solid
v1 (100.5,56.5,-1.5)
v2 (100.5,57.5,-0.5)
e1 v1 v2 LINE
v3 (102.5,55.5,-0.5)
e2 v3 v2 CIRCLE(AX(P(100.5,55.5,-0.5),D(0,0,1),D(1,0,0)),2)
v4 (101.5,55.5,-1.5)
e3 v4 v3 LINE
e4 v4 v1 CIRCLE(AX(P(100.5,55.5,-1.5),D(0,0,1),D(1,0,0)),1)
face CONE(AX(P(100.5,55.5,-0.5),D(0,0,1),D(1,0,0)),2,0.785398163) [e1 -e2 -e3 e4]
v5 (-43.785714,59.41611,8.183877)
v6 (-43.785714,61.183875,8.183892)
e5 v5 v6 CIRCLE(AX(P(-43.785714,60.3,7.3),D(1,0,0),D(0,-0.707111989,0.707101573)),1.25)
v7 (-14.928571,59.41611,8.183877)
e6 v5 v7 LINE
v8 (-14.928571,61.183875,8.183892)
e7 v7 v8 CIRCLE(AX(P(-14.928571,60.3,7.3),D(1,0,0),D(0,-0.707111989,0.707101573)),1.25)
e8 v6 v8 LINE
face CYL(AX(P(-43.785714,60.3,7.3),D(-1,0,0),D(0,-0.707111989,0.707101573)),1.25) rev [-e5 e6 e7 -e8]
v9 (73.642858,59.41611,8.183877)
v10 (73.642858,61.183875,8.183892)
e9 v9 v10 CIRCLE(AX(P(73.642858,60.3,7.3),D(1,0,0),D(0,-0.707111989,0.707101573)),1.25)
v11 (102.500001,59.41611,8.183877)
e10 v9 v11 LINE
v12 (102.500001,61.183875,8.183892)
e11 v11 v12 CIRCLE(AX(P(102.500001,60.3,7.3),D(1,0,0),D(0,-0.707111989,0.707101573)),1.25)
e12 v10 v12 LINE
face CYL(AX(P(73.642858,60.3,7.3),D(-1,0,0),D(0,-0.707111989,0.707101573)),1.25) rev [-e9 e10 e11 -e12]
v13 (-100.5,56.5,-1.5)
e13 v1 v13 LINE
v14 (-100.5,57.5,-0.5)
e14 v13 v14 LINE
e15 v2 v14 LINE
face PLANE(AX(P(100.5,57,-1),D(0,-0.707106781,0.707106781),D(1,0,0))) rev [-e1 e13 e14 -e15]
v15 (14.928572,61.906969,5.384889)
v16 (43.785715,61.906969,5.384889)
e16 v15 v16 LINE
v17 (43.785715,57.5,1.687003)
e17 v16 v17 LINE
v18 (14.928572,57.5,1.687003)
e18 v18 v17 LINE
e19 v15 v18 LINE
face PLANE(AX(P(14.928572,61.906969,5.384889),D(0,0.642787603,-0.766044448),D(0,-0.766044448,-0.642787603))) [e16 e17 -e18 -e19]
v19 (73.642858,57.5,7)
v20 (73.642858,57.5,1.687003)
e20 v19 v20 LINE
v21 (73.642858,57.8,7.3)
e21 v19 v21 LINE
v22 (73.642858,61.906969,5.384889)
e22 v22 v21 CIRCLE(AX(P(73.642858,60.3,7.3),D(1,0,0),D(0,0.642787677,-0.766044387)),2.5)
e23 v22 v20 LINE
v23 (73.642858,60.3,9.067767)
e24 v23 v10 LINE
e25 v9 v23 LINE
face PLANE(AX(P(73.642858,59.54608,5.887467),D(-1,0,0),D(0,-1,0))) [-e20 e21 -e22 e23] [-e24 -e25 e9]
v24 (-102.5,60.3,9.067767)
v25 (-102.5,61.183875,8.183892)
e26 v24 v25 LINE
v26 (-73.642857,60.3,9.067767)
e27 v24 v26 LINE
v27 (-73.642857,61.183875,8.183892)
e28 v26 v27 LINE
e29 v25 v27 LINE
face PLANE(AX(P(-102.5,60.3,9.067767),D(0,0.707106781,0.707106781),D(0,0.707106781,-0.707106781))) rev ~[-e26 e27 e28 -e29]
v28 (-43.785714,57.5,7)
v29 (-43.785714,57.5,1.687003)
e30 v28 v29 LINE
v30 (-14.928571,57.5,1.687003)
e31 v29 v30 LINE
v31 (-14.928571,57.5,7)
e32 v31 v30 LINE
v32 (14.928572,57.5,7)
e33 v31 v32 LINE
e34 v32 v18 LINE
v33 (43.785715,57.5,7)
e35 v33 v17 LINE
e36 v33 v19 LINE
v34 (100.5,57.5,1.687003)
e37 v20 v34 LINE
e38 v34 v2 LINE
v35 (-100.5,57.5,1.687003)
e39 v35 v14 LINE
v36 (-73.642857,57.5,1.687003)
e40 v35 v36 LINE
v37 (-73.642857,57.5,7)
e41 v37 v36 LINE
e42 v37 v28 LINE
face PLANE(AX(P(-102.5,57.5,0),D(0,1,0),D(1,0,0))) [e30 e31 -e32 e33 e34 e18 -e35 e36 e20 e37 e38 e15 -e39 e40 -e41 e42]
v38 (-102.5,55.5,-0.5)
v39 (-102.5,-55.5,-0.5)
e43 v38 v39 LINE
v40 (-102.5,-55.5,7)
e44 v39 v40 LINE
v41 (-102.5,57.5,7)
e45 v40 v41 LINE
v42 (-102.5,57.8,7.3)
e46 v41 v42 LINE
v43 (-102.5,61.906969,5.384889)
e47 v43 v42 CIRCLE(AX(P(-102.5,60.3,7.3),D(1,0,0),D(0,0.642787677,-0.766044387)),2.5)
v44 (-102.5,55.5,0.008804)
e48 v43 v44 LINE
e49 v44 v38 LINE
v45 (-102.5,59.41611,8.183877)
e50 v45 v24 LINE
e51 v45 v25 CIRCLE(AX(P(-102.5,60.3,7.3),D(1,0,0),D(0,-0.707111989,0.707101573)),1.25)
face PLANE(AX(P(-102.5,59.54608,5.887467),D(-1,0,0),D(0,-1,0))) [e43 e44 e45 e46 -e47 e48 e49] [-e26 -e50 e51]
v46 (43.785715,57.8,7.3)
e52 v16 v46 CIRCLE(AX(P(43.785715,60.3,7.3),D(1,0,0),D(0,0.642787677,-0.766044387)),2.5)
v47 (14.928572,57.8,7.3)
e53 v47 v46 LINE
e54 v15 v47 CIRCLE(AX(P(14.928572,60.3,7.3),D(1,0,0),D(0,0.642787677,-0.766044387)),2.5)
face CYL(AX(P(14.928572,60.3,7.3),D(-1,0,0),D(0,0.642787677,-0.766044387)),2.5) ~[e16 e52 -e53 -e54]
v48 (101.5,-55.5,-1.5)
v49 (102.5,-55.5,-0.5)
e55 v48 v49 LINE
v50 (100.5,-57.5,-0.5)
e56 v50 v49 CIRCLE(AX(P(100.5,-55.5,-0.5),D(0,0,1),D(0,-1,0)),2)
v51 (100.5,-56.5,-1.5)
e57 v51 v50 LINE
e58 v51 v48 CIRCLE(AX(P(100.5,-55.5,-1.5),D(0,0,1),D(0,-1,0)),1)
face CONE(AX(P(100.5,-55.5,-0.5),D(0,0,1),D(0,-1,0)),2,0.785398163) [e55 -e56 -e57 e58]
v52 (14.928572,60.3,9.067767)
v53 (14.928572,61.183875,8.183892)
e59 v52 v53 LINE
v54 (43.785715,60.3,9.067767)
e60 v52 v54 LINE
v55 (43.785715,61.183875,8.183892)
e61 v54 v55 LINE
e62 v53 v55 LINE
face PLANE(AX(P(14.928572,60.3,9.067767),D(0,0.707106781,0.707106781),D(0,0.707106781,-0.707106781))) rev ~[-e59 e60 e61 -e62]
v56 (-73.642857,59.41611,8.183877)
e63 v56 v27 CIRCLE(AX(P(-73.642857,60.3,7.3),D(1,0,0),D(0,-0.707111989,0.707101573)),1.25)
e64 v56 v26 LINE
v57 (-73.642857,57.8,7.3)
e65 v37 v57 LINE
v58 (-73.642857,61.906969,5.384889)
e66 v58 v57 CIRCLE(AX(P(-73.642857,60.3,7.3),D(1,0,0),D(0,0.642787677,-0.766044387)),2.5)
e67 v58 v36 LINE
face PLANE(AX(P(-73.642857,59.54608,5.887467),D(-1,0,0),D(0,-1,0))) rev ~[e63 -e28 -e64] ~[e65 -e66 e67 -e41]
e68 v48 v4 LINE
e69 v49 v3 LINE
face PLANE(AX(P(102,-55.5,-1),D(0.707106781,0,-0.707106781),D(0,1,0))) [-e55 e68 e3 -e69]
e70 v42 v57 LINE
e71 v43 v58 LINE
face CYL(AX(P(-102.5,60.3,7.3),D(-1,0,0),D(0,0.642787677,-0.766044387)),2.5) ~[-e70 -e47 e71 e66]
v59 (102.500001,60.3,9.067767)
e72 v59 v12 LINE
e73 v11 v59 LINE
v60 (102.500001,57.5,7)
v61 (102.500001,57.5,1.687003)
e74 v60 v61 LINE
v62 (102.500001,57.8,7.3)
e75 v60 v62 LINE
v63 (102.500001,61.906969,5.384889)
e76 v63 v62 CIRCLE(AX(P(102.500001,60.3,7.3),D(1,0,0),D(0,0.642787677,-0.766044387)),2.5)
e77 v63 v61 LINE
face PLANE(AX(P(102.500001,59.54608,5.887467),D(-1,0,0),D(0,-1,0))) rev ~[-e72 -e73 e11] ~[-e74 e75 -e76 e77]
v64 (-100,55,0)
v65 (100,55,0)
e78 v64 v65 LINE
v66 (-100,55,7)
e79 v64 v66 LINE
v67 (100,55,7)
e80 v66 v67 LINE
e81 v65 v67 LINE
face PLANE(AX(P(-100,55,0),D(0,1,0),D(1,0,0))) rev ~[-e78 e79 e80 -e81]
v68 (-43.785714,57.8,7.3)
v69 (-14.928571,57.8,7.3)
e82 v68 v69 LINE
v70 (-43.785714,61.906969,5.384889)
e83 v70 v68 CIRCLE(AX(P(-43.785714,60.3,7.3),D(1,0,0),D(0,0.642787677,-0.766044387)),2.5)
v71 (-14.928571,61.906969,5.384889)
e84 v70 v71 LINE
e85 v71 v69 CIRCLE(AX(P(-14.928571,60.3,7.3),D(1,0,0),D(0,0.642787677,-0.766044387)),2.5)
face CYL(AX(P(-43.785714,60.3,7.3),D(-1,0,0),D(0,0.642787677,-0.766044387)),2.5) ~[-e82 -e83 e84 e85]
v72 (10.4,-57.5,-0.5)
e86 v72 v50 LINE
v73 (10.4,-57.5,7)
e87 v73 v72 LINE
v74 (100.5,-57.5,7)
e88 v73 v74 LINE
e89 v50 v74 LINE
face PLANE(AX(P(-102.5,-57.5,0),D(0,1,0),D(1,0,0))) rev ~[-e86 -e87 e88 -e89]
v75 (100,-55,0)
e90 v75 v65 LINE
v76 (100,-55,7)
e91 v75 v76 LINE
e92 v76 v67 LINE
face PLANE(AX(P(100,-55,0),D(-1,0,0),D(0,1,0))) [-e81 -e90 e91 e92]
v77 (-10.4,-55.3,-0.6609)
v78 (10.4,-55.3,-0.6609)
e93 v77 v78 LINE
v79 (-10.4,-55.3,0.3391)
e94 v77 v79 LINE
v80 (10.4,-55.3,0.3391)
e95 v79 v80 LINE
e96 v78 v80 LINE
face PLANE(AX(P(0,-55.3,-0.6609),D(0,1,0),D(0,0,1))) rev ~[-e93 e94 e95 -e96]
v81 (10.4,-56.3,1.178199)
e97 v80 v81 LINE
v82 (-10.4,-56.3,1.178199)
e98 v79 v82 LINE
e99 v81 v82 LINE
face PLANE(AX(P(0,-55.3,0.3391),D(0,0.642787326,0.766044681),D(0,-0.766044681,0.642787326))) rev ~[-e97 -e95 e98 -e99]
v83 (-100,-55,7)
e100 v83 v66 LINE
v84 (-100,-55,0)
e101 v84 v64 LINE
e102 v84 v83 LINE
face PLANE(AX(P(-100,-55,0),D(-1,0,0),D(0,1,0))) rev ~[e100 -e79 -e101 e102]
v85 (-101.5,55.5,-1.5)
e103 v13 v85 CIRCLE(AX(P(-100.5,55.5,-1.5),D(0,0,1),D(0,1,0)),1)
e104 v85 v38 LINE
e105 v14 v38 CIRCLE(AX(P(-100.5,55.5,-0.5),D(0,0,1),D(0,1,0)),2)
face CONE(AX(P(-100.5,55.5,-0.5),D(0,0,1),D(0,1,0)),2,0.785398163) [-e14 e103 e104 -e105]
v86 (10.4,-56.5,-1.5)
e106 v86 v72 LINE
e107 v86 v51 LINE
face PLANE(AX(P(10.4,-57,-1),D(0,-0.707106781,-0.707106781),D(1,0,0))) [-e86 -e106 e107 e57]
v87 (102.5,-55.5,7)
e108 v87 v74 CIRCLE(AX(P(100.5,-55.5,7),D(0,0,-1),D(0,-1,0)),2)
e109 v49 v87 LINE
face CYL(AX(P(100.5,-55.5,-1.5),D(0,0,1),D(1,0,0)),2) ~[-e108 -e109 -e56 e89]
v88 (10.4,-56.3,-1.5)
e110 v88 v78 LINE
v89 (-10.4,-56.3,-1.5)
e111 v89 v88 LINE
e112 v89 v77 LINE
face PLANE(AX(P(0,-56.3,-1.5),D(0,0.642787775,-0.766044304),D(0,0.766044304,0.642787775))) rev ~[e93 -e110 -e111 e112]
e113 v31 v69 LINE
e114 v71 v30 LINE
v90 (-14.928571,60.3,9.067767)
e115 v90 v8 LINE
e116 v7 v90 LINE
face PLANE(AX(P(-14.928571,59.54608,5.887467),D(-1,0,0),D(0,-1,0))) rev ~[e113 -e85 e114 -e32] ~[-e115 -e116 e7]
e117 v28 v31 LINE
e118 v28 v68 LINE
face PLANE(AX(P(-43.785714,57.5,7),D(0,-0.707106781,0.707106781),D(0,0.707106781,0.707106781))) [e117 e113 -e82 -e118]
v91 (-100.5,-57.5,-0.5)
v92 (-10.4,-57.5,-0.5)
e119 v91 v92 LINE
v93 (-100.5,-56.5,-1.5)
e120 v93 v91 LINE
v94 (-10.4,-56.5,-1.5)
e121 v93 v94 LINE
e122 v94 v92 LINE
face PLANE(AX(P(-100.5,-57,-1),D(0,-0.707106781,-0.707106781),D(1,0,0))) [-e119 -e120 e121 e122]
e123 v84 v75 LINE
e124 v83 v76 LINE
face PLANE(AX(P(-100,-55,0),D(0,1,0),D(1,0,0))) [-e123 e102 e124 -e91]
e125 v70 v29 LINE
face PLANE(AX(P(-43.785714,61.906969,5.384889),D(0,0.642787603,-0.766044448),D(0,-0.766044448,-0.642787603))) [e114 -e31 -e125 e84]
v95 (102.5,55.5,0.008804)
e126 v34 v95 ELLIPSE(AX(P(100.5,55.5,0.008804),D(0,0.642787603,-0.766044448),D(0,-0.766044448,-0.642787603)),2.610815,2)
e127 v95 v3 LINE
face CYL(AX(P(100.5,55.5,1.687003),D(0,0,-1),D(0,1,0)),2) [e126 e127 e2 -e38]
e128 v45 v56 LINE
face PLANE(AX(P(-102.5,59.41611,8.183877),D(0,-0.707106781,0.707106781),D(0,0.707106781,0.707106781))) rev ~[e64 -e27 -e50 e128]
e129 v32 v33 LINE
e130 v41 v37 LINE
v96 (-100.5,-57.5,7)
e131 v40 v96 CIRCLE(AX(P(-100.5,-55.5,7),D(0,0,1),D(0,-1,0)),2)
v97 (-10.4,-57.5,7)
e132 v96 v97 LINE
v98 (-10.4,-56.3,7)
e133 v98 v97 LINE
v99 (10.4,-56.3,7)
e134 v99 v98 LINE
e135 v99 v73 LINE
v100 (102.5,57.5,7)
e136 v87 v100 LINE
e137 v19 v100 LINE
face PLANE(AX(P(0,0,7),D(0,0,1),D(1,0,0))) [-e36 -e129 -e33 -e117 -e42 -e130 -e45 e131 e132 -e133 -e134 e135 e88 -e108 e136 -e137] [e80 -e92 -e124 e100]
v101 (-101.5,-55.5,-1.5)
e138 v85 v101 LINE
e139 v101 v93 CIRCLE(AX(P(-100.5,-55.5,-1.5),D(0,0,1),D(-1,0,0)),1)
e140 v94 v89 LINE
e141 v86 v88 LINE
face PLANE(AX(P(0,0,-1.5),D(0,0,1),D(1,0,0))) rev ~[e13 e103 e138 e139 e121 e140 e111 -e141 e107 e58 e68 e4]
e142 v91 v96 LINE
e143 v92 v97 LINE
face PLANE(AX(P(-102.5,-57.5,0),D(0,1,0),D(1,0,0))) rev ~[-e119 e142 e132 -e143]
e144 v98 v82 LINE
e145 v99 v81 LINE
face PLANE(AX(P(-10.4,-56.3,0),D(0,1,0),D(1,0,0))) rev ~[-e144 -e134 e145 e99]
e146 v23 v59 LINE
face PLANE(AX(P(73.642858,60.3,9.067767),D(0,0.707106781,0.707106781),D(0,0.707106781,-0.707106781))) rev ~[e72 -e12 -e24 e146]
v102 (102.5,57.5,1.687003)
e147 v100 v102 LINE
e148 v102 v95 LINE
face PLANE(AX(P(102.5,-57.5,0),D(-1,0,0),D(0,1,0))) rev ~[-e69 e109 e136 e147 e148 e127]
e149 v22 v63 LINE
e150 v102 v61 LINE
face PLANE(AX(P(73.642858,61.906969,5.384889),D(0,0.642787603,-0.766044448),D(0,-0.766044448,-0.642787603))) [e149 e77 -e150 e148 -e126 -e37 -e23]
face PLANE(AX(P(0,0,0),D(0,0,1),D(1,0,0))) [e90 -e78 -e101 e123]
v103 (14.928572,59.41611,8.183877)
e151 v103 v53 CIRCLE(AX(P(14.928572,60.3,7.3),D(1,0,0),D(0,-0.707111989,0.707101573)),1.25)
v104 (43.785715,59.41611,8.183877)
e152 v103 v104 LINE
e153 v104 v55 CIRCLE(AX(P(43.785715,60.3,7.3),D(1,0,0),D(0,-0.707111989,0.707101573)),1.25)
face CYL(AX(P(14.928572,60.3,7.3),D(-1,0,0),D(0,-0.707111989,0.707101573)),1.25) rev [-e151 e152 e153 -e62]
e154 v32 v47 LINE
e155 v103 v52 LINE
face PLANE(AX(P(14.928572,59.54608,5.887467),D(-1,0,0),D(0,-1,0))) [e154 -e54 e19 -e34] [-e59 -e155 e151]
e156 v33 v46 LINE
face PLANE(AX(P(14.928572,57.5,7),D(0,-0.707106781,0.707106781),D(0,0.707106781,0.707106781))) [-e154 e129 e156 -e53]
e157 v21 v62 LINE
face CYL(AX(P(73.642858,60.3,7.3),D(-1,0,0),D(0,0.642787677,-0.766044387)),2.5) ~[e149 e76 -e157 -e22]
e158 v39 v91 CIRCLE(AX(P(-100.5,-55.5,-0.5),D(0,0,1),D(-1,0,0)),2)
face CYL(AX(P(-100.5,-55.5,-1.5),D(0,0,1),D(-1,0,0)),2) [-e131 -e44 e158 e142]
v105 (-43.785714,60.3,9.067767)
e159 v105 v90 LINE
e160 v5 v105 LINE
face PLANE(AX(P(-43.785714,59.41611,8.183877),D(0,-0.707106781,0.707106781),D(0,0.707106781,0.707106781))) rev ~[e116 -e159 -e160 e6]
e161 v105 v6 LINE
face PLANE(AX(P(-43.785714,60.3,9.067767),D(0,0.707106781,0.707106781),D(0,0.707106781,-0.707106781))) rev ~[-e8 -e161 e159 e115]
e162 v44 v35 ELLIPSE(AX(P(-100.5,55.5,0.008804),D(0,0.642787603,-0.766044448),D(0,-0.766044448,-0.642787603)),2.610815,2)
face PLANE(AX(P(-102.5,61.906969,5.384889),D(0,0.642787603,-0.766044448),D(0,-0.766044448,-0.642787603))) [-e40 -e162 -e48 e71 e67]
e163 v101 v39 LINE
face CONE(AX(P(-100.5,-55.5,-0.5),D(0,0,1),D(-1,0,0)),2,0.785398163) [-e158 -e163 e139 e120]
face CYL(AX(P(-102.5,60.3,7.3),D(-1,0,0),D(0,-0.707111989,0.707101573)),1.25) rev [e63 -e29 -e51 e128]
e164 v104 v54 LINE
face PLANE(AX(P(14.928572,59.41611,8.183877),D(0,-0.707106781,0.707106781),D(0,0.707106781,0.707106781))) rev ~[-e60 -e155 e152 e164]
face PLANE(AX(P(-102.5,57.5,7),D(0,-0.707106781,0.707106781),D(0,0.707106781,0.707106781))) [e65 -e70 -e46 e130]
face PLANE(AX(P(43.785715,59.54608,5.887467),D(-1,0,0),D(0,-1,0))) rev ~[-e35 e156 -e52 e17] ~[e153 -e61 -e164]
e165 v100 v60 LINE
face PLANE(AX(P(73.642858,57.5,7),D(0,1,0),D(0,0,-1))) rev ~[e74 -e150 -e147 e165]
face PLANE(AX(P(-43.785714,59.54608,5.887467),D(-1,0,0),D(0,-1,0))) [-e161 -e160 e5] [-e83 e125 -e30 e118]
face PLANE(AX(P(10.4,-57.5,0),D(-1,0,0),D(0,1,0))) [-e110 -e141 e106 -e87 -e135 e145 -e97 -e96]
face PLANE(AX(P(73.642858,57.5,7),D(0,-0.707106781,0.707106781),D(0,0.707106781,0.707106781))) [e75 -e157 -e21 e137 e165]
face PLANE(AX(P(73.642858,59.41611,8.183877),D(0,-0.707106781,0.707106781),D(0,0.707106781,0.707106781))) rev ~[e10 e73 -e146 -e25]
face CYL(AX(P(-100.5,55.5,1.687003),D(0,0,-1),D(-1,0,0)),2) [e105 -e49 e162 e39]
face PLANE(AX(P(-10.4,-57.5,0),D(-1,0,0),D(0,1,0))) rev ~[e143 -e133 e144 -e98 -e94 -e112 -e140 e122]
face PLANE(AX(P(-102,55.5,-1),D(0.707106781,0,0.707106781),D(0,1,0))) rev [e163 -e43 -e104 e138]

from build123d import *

# Parameters (mm, degrees)
SKETCH_W            = 205
SKETCH_H            = 115
PAD_DEPTH           = 1.5
SKETCH001_W         = 205
SKETCH001_H         = 115
SKETCH001_W_2       = 200
SKETCH001_H_2       = 110
PAD001_DEPTH        = 7
SKETCH004_W         = 20.8
SKETCH004_H         = 1.2
POCKET_DEPTH        = 1.501
POCKET_DEPTH_BACK   = 7.001
POCKET001_DEPTH     = 10.4
PAD007_DEPTH        = 28.857143
LINEARPATTERN_COUNT = 4
LINEARPATTERN_PITCH = 58.714286
FILLET_R            = 2
CHAMFER_SIZE        = 1


with BuildPart() as part:
    # Sketch → Pad (new body)
    with BuildSketch(Plane.XY):
        Rectangle(SKETCH_W, SKETCH_H)
    extrude(amount=-PAD_DEPTH)

    # Sketch001 → Pad001 (join)
    with BuildSketch(Plane.XY):
        Rectangle(SKETCH001_W, SKETCH001_H)
        Rectangle(SKETCH001_W_2, SKETCH001_H_2, mode=Mode.SUBTRACT)
    extrude(amount=PAD001_DEPTH)

    # Sketch004 → Pocket (cut, two sides)
    with BuildSketch(Plane.XY) as pocket_sk:
        with Locations((0, -56.9)):
            Rectangle(SKETCH004_W, SKETCH004_H)
    extrude(amount=-POCKET_DEPTH, mode=Mode.SUBTRACT)
    extrude(pocket_sk.sketch, amount=POCKET_DEPTH_BACK, mode=Mode.SUBTRACT)

    # Sketch005 → Pocket001 (cut, symmetric)
    with BuildSketch(Plane.YZ):
        Polygon((-56.3, -1.5), (-55.3, -0.6609), (-55.3, 0.3391), (-56.3, 1.178199), align=None)
    extrude(amount=POCKET001_DEPTH, both=True, mode=Mode.SUBTRACT)

    # Sketch008 → Pad007 (join)
    with BuildSketch(Plane.YZ.offset(-102.5)):
        with BuildLine():
            Line((57.5, 7), (57.8, 7.3))
            ThreePointArc((61.906969, 5.384889), (61.356546, 9.565769), (57.8, 7.3))
            Line((61.906969, 5.384889), (57.5, 1.687003))
            Line((57.5, 7), (57.5, 1.687003))
        make_face()
        with BuildLine():
            Line((59.41611, 8.183877), (60.3, 9.067767))
            Line((60.3, 9.067767), (61.183875, 8.183892))
            ThreePointArc((59.41611, 8.183877), (60.30001, 6.05), (61.183875, 8.183892))
        make_face(mode=Mode.SUBTRACT)
    pad007 = extrude(amount=PAD007_DEPTH)

    # LinearPattern: Pad007 ×4
    with Locations(*[(i * LINEARPATTERN_PITCH, 0, 0) for i in range(1, LINEARPATTERN_COUNT)]):
        add(pad007)

    # Fillet
    fillet_edges = [part.edges().sort_by_distance(p)[0] for p in [
        (102.5, -57.5, 2.75),
        (102.5, 57.5, 0.093501),
        (-102.5, 57.5, 0.093501),
        (-102.5, -57.5, 2.75),
    ]]
    fillet(fillet_edges, radius=FILLET_R)

    # Chamfer
    chamfer_edges = [part.edges().sort_by_distance(p)[0] for p in [
        (55.45, -57.5, -1.5),
    ]]
    chamfer(chamfer_edges, length=CHAMFER_SIZE)


solid = part.part
